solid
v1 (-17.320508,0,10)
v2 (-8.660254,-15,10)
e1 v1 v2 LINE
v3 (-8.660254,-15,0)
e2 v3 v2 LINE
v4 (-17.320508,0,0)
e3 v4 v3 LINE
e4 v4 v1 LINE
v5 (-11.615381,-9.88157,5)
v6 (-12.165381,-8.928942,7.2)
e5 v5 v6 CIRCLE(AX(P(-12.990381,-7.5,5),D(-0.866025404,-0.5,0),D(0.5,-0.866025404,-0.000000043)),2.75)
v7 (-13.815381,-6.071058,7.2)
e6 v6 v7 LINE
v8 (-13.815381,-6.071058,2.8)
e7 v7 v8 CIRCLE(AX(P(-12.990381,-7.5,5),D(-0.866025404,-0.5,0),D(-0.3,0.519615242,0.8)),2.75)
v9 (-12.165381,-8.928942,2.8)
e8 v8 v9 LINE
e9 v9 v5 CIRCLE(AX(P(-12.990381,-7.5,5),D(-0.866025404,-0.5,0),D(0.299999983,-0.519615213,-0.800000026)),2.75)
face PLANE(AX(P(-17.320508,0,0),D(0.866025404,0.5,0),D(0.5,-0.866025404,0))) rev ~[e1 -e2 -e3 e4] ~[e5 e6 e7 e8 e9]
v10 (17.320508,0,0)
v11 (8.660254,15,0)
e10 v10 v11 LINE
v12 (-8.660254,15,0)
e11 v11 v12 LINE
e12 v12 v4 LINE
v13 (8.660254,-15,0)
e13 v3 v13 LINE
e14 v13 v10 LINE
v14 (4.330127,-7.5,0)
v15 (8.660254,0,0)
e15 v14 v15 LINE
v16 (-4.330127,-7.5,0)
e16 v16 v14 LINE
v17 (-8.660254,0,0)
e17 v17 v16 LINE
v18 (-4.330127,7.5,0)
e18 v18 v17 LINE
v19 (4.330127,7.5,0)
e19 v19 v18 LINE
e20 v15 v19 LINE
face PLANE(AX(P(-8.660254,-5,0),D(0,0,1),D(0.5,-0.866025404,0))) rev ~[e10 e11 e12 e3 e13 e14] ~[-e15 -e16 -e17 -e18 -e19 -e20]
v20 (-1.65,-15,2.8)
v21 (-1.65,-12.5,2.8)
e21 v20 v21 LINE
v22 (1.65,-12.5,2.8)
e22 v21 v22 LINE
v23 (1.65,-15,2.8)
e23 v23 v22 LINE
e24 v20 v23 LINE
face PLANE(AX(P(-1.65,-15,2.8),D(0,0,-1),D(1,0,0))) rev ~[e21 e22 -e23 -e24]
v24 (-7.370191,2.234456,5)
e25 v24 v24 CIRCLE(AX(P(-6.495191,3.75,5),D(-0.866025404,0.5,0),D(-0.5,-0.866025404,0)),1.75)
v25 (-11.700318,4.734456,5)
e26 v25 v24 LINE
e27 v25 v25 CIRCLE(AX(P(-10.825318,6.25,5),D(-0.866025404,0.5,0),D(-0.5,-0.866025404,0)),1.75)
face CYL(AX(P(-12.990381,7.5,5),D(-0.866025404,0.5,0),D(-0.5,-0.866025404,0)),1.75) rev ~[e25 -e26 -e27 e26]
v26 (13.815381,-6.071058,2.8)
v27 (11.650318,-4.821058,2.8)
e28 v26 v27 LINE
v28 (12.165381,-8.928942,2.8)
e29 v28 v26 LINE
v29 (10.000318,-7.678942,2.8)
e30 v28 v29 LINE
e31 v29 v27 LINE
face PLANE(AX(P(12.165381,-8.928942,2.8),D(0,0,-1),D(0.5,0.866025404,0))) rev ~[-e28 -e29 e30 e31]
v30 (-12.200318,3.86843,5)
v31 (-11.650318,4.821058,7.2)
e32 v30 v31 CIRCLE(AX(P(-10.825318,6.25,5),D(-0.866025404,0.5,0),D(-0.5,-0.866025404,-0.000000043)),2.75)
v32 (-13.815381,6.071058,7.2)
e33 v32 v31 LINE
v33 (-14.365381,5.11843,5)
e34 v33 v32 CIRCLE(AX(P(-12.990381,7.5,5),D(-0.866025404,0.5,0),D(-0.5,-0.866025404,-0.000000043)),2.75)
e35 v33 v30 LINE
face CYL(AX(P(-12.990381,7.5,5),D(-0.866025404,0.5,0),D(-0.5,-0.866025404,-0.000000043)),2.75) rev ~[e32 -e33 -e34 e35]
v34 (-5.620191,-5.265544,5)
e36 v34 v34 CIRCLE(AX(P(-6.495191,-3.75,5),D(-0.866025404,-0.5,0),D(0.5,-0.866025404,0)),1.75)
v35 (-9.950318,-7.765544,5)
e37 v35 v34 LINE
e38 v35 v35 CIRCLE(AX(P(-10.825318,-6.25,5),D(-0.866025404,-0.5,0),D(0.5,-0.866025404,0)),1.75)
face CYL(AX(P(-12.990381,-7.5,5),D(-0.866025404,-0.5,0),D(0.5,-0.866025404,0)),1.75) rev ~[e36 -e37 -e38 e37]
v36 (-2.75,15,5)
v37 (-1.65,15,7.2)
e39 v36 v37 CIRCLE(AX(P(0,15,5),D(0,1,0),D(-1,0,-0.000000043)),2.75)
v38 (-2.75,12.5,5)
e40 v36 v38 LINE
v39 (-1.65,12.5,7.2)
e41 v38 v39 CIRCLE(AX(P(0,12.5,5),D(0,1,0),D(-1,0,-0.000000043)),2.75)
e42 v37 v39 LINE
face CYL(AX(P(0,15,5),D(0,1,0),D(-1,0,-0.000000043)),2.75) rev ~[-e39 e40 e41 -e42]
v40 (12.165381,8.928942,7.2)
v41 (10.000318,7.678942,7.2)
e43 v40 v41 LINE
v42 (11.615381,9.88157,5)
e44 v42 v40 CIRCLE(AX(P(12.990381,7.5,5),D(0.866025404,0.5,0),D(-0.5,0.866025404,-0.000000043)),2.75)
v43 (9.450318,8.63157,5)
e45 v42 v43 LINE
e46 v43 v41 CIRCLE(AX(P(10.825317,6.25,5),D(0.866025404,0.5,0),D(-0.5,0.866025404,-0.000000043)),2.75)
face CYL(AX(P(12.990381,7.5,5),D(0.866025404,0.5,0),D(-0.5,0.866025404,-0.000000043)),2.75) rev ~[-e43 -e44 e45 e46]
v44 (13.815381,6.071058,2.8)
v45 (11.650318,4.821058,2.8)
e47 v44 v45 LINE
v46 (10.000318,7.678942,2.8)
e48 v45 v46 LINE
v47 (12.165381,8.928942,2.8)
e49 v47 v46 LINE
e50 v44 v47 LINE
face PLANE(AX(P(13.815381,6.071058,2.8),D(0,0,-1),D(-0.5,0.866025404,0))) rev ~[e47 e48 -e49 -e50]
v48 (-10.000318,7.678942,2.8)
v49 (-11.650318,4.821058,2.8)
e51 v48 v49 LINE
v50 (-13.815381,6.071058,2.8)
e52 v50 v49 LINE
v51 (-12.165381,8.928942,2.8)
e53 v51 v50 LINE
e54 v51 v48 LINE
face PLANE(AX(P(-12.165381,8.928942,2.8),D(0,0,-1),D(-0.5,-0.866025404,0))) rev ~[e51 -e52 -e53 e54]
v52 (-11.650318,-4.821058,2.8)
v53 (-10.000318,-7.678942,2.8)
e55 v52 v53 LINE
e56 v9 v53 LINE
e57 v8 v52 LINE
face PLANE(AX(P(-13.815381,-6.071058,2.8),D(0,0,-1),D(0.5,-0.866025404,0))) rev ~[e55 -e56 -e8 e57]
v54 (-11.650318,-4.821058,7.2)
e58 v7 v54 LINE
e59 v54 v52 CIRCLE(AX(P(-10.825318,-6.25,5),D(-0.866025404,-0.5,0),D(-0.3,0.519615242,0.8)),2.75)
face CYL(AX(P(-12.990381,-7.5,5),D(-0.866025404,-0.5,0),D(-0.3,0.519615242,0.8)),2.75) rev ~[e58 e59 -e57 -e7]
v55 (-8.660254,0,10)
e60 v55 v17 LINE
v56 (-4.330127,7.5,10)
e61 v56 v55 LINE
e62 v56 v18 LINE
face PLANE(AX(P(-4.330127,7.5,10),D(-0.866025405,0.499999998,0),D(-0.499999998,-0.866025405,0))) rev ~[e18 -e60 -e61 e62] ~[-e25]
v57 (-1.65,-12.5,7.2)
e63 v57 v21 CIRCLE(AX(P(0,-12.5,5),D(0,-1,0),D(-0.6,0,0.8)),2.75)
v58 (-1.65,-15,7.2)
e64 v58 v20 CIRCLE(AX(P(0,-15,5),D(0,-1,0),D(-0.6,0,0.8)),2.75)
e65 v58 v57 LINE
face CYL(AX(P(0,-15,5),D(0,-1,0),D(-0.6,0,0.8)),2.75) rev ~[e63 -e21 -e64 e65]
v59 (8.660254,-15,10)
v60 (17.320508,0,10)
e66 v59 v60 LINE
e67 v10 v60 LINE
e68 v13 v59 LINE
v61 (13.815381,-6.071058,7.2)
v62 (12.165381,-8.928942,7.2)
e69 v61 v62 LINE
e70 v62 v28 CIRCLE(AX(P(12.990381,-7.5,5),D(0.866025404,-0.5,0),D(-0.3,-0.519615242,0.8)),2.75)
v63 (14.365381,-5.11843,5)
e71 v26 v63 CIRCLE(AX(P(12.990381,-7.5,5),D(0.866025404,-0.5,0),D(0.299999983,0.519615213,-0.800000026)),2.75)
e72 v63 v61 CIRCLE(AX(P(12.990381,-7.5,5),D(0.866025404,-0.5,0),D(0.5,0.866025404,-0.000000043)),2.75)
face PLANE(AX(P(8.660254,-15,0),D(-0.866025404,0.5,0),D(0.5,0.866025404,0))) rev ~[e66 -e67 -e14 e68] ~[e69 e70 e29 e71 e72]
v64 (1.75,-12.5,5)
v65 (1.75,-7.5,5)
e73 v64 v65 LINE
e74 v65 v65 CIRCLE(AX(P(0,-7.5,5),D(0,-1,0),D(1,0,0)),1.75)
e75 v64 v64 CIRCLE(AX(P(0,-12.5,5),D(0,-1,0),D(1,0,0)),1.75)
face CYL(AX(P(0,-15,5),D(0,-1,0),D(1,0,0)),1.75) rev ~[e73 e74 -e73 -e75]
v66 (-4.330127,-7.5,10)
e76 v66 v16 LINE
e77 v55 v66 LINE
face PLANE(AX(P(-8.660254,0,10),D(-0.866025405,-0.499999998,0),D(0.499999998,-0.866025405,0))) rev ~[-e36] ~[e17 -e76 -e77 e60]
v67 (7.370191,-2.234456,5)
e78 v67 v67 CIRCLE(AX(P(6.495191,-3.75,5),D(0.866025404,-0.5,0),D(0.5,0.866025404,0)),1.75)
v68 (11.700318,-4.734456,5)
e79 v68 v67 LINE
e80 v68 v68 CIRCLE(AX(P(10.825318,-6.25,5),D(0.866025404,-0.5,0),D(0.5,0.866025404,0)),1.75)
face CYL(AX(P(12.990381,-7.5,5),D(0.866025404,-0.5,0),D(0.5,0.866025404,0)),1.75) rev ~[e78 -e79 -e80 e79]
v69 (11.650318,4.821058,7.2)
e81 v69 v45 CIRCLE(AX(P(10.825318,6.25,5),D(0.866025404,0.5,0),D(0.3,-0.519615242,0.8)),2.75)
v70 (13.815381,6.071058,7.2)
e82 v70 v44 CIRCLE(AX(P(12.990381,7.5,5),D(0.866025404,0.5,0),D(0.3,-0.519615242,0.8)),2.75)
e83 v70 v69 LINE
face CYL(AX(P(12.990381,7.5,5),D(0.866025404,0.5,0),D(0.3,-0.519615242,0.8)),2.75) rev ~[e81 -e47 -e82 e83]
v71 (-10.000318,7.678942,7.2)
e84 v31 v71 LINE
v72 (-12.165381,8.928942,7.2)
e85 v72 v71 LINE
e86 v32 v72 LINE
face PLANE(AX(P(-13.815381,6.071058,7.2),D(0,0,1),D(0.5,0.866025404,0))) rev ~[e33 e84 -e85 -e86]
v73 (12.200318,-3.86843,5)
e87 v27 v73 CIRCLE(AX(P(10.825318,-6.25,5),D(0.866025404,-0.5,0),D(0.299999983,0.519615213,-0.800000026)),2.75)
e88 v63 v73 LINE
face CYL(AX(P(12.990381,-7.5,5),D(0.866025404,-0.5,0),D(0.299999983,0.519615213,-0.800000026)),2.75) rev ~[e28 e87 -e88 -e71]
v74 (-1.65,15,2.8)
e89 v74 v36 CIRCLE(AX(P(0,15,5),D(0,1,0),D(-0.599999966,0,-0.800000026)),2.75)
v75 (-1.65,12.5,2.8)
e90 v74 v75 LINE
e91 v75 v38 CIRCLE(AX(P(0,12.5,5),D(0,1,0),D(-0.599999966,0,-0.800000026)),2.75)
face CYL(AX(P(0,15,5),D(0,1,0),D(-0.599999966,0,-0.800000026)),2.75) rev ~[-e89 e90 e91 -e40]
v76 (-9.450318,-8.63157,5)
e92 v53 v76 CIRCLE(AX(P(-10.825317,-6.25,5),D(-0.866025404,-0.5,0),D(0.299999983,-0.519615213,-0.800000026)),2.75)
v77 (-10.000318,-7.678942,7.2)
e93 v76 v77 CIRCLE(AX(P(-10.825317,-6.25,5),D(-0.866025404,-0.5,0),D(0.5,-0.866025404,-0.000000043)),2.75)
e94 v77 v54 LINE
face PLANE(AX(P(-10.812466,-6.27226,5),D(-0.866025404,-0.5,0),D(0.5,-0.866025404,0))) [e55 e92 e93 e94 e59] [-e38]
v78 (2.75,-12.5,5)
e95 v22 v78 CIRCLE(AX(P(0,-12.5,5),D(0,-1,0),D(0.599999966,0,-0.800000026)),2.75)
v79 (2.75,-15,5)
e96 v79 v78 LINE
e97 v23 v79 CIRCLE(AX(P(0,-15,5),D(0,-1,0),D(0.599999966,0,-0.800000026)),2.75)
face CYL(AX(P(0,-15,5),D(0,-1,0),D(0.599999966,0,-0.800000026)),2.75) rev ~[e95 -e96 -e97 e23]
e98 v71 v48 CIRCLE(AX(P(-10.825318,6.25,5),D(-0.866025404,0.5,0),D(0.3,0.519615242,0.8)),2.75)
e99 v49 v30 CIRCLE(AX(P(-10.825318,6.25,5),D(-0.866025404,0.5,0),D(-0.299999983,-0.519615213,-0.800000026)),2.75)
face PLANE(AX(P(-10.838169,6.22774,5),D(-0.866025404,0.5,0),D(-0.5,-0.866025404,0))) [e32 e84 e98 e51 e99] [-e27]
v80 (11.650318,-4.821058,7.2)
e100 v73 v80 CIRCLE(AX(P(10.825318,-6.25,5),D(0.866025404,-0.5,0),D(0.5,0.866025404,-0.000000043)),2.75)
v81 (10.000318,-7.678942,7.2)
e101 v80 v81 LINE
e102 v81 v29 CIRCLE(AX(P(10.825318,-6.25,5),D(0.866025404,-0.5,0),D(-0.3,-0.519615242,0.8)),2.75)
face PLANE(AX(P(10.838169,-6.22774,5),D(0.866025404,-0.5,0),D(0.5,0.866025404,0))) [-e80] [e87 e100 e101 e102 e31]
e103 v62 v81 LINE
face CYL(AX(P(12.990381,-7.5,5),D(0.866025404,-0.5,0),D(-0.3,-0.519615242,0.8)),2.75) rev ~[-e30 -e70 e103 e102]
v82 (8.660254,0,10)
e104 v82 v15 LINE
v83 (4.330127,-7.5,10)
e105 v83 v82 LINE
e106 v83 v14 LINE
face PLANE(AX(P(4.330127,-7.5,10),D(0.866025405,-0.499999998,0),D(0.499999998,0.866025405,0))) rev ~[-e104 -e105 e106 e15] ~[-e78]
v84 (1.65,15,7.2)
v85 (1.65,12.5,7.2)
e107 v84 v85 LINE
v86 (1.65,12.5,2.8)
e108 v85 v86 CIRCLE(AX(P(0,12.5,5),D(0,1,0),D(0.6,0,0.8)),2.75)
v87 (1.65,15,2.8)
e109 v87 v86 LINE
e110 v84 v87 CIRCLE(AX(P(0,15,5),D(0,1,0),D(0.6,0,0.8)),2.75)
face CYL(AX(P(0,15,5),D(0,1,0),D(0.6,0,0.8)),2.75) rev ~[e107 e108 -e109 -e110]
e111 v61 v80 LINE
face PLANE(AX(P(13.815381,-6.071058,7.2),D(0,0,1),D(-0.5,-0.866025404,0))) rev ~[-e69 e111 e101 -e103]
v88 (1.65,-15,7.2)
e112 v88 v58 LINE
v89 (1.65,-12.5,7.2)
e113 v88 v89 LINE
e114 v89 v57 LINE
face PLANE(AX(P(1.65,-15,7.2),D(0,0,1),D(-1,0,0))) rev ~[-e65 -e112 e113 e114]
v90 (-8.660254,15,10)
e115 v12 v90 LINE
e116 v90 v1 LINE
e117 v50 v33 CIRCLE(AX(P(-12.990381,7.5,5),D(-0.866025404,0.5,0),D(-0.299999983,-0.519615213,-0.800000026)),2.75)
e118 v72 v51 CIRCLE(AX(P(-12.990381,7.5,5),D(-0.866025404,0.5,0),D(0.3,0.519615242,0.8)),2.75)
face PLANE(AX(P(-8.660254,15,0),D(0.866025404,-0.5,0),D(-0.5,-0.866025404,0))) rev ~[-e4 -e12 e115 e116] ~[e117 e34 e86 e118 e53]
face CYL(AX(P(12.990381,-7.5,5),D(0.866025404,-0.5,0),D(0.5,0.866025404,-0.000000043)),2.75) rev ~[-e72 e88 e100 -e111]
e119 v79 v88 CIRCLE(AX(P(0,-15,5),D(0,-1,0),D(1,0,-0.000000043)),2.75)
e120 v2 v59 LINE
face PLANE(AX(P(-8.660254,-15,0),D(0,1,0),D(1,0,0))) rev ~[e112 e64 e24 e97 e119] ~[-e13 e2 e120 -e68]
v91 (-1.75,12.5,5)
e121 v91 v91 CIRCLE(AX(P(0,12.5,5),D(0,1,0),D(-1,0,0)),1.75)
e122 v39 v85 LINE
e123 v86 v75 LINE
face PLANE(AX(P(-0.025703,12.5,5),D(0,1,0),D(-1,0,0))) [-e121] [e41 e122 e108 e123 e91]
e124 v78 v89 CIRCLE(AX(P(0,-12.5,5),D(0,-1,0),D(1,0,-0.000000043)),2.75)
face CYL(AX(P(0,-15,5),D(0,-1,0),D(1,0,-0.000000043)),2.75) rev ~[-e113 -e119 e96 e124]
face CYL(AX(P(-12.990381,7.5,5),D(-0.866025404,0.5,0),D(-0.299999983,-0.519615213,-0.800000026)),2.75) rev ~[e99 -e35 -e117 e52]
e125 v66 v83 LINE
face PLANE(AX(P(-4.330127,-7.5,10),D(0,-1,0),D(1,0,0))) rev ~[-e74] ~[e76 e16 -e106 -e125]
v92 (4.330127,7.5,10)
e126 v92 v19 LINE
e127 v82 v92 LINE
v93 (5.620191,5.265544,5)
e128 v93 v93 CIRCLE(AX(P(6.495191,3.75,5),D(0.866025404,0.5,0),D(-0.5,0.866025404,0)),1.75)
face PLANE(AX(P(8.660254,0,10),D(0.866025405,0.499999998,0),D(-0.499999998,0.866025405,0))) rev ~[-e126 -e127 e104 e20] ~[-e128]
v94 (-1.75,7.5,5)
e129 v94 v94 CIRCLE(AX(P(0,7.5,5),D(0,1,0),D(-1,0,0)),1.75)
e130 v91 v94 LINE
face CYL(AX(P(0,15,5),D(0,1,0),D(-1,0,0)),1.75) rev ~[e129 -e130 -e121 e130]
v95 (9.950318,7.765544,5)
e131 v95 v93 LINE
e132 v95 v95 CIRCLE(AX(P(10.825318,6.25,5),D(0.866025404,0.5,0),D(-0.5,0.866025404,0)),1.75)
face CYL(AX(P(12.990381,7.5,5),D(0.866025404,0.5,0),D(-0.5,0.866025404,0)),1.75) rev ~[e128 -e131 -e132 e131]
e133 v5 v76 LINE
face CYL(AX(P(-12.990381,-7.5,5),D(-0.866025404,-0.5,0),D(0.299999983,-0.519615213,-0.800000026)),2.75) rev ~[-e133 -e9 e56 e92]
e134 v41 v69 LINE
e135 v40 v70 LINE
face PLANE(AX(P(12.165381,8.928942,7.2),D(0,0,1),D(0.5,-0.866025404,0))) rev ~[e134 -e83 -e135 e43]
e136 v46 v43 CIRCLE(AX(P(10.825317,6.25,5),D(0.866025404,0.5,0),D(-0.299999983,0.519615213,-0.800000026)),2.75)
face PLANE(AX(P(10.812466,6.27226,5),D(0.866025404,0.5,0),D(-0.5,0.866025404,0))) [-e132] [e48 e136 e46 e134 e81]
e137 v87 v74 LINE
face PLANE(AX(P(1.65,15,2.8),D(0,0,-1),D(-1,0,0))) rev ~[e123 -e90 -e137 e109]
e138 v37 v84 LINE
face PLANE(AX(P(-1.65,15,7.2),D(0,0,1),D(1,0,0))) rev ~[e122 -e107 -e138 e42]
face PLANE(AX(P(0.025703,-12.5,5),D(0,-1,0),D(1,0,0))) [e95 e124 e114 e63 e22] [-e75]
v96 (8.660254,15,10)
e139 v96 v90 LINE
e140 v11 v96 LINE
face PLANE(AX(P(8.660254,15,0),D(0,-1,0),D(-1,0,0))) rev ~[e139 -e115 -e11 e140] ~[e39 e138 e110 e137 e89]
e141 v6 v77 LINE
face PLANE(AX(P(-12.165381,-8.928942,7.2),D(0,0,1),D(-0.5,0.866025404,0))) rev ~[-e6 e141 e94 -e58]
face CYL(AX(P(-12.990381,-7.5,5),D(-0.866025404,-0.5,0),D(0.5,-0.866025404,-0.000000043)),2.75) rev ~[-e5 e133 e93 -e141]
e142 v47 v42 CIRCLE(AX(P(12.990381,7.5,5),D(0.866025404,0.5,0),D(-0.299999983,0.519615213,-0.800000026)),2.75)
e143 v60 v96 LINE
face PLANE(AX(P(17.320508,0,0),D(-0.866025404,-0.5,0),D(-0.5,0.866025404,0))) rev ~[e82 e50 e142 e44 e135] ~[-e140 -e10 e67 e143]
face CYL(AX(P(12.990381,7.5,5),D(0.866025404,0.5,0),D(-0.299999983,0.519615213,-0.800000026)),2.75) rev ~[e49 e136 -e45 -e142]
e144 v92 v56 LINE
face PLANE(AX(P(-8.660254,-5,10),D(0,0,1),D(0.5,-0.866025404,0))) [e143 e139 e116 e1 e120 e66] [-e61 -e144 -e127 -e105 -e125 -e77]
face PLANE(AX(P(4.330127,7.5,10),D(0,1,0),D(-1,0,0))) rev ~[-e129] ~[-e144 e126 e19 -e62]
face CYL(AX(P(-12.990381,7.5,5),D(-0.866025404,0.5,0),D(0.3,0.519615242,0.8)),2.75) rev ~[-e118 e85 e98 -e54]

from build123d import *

# Parameters (mm, degrees)
F1_DEPTH = 10
F2_R     = 1.75
F3_DEPTH = 25
F4_DEPTH = 2.5
F6_COUNT = 6
F8_DEPTH = 25


with BuildPart() as f1:
    # F0 (on Top) → F1 (new body)
    with BuildSketch(Plane.XY):
        Polygon((-8.660254, -15), (8.660254, -15), (0, 0), align=None)
    extrude(amount=F1_DEPTH)

    # F2 (on face) → F3 (cut)
    with BuildSketch(Plane.XZ.offset(15)):
        with Locations((0, 5)):
            Circle(F2_R)
    extrude(amount=-F3_DEPTH, mode=Mode.SUBTRACT)

    # F2 (on face) → F4 (cut)
    with BuildSketch(Plane.XZ.offset(15)):
        with BuildLine():
            ThreePointArc((1.65, 2.8), (2.459675, 3.770163), (2.75, 5))
            ThreePointArc((2.75, 5), (2.459675, 6.229837), (1.65, 7.2))
            Line((1.65, 7.2), (-1.65, 7.2))
            ThreePointArc((-1.65, 7.2), (-2.75, 5), (-1.65, 2.8))
            Line((-1.65, 2.8), (1.65, 2.8))
        make_face()
        with Locations((0, 5)):
            Circle(F2_R, mode=Mode.SUBTRACT)
    extrude(amount=-F4_DEPTH, mode=Mode.SUBTRACT)

    # F6: F1 ×6 about axis
    f6_axis = Axis((0, 0, 7.747169), (0, 0, 1))


with BuildPart() as f1_1:
    add(f1.part)
    for i in range(1, F6_COUNT):
        add(f1.part.rotate(f6_axis, i * 360 / F6_COUNT))

    # F7 (on face) → F8 (cut)
    with BuildSketch(Plane.XY.offset(10)):
        Polygon((-4.330127, -7.5), (4.330127, -7.5), (8.660254, 0), (4.330127, 7.5), (-4.330127, 7.5), (-8.660254, 0), align=None)
    extrude(amount=-F8_DEPTH, mode=Mode.SUBTRACT)


solid = f1_1.part
